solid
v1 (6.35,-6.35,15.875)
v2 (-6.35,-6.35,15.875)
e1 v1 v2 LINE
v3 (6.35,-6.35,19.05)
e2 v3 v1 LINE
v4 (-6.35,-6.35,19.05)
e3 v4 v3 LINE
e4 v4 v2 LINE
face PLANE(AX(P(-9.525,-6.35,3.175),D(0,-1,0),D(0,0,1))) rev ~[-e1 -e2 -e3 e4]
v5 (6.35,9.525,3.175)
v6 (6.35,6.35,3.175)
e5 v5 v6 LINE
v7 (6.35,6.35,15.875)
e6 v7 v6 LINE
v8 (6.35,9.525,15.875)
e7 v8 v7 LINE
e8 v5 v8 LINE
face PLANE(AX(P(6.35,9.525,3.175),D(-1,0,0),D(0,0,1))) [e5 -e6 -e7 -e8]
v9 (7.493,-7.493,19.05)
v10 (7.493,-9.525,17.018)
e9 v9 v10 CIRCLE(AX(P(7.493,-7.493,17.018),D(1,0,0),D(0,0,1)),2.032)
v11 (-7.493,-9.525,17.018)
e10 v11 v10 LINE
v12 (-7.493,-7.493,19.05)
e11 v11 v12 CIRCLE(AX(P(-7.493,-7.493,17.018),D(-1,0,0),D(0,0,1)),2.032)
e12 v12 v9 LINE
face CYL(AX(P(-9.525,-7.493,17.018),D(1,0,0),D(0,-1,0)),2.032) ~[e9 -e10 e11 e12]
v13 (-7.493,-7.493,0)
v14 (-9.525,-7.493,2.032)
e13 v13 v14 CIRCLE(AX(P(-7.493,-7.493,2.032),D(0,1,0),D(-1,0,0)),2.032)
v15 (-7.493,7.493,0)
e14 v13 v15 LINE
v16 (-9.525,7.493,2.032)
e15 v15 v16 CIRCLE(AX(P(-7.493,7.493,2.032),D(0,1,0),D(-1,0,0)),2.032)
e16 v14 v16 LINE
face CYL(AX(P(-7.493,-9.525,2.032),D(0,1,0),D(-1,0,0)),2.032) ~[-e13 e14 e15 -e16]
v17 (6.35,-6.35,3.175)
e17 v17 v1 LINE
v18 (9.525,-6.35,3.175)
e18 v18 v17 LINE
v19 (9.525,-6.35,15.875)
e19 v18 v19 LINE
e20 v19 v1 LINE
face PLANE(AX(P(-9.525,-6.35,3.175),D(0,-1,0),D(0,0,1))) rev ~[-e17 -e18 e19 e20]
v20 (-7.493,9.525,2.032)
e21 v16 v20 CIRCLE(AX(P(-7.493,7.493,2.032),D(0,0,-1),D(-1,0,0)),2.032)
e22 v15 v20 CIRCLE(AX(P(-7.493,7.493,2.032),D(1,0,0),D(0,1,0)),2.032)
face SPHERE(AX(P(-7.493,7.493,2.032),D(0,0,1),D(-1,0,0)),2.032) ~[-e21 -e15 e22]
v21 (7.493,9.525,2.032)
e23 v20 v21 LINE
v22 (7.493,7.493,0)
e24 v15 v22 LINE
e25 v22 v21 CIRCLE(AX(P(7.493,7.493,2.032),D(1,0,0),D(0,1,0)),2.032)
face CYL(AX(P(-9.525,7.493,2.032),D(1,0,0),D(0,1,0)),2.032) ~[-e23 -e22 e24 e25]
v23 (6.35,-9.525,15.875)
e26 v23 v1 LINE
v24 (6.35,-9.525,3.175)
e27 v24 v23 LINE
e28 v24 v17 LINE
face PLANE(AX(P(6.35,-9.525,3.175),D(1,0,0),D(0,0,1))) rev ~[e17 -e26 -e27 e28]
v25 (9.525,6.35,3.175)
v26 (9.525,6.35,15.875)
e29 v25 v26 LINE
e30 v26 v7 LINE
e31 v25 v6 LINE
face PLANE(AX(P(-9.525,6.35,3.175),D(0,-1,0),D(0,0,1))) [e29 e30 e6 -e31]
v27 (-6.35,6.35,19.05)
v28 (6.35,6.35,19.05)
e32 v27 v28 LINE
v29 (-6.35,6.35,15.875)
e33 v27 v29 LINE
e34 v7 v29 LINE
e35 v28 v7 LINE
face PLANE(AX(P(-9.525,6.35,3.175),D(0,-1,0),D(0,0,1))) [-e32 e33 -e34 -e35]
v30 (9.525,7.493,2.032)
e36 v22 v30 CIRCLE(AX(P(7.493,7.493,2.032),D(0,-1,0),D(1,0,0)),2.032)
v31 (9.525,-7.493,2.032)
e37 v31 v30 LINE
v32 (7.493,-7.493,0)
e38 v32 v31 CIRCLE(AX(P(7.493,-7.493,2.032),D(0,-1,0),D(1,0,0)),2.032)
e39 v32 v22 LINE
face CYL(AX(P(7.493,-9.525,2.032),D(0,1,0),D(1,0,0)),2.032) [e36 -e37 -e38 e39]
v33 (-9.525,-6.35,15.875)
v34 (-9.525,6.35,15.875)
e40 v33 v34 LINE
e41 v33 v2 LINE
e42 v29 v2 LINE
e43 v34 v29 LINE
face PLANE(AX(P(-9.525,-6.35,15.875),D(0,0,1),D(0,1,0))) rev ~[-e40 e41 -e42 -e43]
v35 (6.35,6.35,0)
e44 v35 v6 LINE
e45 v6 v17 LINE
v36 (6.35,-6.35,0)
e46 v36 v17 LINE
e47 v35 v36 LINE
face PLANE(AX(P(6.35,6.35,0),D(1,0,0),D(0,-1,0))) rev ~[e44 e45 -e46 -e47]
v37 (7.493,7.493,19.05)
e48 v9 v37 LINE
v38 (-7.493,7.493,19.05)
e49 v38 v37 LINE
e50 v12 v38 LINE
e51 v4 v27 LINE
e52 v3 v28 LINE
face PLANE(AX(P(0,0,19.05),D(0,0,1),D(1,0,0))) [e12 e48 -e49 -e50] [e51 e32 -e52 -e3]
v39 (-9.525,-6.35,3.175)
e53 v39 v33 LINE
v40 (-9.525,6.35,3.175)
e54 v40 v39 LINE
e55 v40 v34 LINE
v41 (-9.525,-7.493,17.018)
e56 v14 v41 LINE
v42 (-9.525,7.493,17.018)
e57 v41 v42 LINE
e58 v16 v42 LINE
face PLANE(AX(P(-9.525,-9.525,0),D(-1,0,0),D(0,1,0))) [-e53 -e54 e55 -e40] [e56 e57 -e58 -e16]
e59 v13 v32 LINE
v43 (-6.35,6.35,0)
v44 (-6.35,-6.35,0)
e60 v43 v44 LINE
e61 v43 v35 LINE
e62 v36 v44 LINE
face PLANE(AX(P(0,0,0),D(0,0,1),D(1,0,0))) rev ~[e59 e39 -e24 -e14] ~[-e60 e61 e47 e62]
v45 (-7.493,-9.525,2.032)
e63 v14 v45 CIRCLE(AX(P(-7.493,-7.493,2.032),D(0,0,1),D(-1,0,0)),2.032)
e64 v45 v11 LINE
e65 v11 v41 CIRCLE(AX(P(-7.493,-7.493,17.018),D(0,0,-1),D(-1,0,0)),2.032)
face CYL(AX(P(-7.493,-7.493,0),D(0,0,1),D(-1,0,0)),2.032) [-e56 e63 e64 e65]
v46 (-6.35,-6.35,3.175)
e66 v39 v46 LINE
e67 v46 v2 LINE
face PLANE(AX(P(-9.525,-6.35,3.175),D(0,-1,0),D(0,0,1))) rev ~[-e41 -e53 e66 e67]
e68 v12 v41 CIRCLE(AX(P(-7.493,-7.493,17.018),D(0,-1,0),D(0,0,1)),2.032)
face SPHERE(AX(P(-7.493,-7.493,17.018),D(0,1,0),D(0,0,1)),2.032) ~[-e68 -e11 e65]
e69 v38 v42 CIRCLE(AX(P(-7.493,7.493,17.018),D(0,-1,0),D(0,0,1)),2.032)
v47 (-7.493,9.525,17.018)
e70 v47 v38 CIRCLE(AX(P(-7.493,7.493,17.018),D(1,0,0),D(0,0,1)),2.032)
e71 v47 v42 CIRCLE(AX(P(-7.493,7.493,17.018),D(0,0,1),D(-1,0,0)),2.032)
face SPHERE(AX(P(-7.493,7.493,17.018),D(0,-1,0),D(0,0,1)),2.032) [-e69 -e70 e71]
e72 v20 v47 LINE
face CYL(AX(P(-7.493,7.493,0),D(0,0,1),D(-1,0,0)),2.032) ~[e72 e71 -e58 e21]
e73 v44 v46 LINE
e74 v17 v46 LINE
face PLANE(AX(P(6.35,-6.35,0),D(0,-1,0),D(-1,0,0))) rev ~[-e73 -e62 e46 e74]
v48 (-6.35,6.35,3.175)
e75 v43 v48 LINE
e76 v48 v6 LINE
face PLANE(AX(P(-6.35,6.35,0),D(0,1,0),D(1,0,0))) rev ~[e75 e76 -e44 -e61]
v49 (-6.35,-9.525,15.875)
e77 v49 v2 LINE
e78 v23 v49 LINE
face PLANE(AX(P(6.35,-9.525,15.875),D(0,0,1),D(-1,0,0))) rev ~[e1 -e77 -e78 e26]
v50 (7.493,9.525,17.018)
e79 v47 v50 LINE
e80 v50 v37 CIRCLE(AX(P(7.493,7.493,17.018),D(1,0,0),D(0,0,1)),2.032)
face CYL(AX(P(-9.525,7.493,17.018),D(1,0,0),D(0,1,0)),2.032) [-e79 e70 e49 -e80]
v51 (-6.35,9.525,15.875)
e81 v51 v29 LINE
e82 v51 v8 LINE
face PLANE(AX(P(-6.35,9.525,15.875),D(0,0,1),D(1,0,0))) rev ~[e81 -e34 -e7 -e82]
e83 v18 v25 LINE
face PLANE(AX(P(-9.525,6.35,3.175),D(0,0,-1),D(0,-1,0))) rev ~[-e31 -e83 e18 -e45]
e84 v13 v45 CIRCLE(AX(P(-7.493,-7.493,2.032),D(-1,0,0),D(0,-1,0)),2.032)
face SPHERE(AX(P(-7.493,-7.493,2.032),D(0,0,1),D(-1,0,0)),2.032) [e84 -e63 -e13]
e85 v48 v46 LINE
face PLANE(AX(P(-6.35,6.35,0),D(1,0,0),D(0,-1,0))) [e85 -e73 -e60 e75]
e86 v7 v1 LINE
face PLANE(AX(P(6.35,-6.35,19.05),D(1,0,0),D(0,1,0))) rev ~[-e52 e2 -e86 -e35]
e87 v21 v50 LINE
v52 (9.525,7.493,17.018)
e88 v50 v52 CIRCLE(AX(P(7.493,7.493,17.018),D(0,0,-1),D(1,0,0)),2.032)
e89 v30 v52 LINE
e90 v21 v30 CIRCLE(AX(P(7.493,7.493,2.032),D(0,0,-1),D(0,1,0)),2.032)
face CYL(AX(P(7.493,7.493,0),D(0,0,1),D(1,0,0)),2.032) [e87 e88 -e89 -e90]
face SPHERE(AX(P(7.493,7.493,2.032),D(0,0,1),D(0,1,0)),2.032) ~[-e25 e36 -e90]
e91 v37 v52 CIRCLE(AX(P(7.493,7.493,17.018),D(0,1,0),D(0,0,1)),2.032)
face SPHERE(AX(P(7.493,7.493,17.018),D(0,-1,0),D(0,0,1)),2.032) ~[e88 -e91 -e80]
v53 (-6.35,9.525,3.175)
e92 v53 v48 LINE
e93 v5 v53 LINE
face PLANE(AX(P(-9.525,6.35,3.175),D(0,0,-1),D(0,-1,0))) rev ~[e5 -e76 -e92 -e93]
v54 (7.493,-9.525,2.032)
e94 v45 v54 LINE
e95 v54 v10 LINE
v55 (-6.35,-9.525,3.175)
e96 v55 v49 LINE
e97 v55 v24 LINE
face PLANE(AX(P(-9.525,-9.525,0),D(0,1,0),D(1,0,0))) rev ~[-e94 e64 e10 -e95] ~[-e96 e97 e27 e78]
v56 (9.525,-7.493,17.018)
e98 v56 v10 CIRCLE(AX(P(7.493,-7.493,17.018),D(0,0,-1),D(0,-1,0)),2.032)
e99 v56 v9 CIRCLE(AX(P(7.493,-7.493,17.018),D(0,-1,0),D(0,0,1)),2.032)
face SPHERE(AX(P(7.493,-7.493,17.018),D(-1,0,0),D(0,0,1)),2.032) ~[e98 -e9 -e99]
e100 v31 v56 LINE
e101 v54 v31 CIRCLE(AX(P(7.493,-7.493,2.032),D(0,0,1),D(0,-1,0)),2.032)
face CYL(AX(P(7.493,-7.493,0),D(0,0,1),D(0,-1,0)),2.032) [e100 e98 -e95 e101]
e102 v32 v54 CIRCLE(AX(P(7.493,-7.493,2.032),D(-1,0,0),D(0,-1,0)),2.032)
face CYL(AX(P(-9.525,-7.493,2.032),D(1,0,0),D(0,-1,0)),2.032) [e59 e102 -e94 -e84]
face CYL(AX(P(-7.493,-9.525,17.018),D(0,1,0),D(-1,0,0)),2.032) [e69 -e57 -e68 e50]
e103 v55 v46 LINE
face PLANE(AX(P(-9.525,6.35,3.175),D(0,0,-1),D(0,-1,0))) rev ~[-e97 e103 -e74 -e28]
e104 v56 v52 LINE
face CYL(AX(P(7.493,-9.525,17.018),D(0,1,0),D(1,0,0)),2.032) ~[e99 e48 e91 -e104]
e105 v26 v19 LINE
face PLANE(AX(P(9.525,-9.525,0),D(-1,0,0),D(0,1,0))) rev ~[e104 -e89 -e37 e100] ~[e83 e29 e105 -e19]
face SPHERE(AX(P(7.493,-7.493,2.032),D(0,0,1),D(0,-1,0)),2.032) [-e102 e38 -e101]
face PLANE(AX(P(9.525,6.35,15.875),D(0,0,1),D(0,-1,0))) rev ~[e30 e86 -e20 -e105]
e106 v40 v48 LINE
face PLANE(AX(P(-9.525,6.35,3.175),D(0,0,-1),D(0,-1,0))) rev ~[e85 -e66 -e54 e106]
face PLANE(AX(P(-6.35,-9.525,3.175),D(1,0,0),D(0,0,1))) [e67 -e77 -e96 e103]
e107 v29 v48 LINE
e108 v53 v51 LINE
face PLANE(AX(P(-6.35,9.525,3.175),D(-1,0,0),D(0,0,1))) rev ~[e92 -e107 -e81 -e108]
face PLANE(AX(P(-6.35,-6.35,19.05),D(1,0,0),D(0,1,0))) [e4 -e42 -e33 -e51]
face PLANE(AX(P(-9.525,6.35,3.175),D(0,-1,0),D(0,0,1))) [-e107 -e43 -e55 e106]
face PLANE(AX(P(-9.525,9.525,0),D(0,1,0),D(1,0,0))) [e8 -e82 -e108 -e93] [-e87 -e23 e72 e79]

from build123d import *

# Parameters (mm, degrees)
F0_W      = 19.05
F0_H      = 19.05
F1_DEPTH  = 19.05
F2_R      = 2.032
F3_W      = 12.7
F3_H      = 12.7
F4_DEPTH  = 3.302
F5_W      = 6.35
F5_H      = 12.7
F6_DEPTH  = 3.302
F7_W      = 6.35
F7_H      = 12.7
F8_DEPTH  = 3.302
F9_W      = 6.35
F9_H      = 12.7
F10_DEPTH = 3.302
F11_W     = 6.35
F11_H     = 12.7
F12_DEPTH = 3.302
F13_W     = 6.35
F13_H     = 12.7
F14_DEPTH = 41.148


with BuildPart() as f1:
    # F0 (on Top) → F1 (new body)
    with BuildSketch(Plane.XY):
        Rectangle(F0_W, F0_H)
    extrude(amount=F1_DEPTH)

    # F2
    f2_edges = [f1.edges().sort_by_distance(p)[0] for p in [
        (-9.525, 0, 19.05),
        (0, -9.525, 19.05),
        (9.525, 0, 19.05),
        (0, 9.525, 19.05),
        (-9.525, 9.525, 9.525),
        (-9.525, -9.525, 9.525),
        (-9.525, 0, 0),
        (9.525, 9.525, 9.525),
        (0, 9.525, 0),
        (9.525, -9.525, 9.525),
        (0, -9.525, 0),
        (9.525, 0, 0),
    ]]
    fillet(f2_edges, radius=F2_R)

    # F3 (on face) → F4 (cut)
    with BuildSketch(Plane.XY.offset(19.05)):
        Rectangle(F3_W, F3_H)
    extrude(amount=-F4_DEPTH, mode=Mode.SUBTRACT)

    # F5 (on face) → F6 (cut)
    with BuildSketch(Plane(origin=(-9.525, 0, 0), x_dir=(0, -1, 0), z_dir=(-1, 0, 0))):
        with Locations((3.175, 9.525)):
            Rectangle(F5_W, F5_H)
        with Locations((-3.175, 9.525)):
            Rectangle(F5_W, F5_H)
    extrude(amount=-F6_DEPTH, mode=Mode.SUBTRACT)

    # F7 (on face) → F8 (cut)
    with BuildSketch(Plane.YZ.offset(9.525)):
        with Locations((3.175, 9.525)):
            Rectangle(F7_W, F7_H)
        with Locations((-3.175, 9.525)):
            Rectangle(F7_W, F7_H)
    extrude(amount=-F8_DEPTH, mode=Mode.SUBTRACT)

    # F9 (on face) → F10 (cut)
    with BuildSketch(Plane.XZ.offset(9.525)):
        with Locations((3.175, 9.525)):
            Rectangle(F9_W, F9_H)
        with Locations((-3.175, 9.525)):
            Rectangle(F9_W, F9_H)
    extrude(amount=-F10_DEPTH, mode=Mode.SUBTRACT)

    # F11 (on face) → F12 (cut)
    with BuildSketch(Plane(origin=(0, 9.525, 0), x_dir=(-1, 0, 0), z_dir=(0, 1, 0))):
        with Locations((-3.175, 9.525)):
            Rectangle(F11_W, F11_H)
        with Locations((3.175, 9.525)):
            Rectangle(F11_W, F11_H)
    extrude(amount=-F12_DEPTH, mode=Mode.SUBTRACT)

    # F13 (on face) → F14 (cut)
    with BuildSketch(Plane(origin=(0, 0, 0), x_dir=(1, 0, 0), z_dir=(0, 0, -1))):
        with Locations((3.175, 0)):
            Rectangle(F13_W, F13_H)
        with Locations((-3.175, 0)):
            Rectangle(F13_W, F13_H)
    extrude(amount=-F14_DEPTH, mode=Mode.SUBTRACT)


solid = f1.part
